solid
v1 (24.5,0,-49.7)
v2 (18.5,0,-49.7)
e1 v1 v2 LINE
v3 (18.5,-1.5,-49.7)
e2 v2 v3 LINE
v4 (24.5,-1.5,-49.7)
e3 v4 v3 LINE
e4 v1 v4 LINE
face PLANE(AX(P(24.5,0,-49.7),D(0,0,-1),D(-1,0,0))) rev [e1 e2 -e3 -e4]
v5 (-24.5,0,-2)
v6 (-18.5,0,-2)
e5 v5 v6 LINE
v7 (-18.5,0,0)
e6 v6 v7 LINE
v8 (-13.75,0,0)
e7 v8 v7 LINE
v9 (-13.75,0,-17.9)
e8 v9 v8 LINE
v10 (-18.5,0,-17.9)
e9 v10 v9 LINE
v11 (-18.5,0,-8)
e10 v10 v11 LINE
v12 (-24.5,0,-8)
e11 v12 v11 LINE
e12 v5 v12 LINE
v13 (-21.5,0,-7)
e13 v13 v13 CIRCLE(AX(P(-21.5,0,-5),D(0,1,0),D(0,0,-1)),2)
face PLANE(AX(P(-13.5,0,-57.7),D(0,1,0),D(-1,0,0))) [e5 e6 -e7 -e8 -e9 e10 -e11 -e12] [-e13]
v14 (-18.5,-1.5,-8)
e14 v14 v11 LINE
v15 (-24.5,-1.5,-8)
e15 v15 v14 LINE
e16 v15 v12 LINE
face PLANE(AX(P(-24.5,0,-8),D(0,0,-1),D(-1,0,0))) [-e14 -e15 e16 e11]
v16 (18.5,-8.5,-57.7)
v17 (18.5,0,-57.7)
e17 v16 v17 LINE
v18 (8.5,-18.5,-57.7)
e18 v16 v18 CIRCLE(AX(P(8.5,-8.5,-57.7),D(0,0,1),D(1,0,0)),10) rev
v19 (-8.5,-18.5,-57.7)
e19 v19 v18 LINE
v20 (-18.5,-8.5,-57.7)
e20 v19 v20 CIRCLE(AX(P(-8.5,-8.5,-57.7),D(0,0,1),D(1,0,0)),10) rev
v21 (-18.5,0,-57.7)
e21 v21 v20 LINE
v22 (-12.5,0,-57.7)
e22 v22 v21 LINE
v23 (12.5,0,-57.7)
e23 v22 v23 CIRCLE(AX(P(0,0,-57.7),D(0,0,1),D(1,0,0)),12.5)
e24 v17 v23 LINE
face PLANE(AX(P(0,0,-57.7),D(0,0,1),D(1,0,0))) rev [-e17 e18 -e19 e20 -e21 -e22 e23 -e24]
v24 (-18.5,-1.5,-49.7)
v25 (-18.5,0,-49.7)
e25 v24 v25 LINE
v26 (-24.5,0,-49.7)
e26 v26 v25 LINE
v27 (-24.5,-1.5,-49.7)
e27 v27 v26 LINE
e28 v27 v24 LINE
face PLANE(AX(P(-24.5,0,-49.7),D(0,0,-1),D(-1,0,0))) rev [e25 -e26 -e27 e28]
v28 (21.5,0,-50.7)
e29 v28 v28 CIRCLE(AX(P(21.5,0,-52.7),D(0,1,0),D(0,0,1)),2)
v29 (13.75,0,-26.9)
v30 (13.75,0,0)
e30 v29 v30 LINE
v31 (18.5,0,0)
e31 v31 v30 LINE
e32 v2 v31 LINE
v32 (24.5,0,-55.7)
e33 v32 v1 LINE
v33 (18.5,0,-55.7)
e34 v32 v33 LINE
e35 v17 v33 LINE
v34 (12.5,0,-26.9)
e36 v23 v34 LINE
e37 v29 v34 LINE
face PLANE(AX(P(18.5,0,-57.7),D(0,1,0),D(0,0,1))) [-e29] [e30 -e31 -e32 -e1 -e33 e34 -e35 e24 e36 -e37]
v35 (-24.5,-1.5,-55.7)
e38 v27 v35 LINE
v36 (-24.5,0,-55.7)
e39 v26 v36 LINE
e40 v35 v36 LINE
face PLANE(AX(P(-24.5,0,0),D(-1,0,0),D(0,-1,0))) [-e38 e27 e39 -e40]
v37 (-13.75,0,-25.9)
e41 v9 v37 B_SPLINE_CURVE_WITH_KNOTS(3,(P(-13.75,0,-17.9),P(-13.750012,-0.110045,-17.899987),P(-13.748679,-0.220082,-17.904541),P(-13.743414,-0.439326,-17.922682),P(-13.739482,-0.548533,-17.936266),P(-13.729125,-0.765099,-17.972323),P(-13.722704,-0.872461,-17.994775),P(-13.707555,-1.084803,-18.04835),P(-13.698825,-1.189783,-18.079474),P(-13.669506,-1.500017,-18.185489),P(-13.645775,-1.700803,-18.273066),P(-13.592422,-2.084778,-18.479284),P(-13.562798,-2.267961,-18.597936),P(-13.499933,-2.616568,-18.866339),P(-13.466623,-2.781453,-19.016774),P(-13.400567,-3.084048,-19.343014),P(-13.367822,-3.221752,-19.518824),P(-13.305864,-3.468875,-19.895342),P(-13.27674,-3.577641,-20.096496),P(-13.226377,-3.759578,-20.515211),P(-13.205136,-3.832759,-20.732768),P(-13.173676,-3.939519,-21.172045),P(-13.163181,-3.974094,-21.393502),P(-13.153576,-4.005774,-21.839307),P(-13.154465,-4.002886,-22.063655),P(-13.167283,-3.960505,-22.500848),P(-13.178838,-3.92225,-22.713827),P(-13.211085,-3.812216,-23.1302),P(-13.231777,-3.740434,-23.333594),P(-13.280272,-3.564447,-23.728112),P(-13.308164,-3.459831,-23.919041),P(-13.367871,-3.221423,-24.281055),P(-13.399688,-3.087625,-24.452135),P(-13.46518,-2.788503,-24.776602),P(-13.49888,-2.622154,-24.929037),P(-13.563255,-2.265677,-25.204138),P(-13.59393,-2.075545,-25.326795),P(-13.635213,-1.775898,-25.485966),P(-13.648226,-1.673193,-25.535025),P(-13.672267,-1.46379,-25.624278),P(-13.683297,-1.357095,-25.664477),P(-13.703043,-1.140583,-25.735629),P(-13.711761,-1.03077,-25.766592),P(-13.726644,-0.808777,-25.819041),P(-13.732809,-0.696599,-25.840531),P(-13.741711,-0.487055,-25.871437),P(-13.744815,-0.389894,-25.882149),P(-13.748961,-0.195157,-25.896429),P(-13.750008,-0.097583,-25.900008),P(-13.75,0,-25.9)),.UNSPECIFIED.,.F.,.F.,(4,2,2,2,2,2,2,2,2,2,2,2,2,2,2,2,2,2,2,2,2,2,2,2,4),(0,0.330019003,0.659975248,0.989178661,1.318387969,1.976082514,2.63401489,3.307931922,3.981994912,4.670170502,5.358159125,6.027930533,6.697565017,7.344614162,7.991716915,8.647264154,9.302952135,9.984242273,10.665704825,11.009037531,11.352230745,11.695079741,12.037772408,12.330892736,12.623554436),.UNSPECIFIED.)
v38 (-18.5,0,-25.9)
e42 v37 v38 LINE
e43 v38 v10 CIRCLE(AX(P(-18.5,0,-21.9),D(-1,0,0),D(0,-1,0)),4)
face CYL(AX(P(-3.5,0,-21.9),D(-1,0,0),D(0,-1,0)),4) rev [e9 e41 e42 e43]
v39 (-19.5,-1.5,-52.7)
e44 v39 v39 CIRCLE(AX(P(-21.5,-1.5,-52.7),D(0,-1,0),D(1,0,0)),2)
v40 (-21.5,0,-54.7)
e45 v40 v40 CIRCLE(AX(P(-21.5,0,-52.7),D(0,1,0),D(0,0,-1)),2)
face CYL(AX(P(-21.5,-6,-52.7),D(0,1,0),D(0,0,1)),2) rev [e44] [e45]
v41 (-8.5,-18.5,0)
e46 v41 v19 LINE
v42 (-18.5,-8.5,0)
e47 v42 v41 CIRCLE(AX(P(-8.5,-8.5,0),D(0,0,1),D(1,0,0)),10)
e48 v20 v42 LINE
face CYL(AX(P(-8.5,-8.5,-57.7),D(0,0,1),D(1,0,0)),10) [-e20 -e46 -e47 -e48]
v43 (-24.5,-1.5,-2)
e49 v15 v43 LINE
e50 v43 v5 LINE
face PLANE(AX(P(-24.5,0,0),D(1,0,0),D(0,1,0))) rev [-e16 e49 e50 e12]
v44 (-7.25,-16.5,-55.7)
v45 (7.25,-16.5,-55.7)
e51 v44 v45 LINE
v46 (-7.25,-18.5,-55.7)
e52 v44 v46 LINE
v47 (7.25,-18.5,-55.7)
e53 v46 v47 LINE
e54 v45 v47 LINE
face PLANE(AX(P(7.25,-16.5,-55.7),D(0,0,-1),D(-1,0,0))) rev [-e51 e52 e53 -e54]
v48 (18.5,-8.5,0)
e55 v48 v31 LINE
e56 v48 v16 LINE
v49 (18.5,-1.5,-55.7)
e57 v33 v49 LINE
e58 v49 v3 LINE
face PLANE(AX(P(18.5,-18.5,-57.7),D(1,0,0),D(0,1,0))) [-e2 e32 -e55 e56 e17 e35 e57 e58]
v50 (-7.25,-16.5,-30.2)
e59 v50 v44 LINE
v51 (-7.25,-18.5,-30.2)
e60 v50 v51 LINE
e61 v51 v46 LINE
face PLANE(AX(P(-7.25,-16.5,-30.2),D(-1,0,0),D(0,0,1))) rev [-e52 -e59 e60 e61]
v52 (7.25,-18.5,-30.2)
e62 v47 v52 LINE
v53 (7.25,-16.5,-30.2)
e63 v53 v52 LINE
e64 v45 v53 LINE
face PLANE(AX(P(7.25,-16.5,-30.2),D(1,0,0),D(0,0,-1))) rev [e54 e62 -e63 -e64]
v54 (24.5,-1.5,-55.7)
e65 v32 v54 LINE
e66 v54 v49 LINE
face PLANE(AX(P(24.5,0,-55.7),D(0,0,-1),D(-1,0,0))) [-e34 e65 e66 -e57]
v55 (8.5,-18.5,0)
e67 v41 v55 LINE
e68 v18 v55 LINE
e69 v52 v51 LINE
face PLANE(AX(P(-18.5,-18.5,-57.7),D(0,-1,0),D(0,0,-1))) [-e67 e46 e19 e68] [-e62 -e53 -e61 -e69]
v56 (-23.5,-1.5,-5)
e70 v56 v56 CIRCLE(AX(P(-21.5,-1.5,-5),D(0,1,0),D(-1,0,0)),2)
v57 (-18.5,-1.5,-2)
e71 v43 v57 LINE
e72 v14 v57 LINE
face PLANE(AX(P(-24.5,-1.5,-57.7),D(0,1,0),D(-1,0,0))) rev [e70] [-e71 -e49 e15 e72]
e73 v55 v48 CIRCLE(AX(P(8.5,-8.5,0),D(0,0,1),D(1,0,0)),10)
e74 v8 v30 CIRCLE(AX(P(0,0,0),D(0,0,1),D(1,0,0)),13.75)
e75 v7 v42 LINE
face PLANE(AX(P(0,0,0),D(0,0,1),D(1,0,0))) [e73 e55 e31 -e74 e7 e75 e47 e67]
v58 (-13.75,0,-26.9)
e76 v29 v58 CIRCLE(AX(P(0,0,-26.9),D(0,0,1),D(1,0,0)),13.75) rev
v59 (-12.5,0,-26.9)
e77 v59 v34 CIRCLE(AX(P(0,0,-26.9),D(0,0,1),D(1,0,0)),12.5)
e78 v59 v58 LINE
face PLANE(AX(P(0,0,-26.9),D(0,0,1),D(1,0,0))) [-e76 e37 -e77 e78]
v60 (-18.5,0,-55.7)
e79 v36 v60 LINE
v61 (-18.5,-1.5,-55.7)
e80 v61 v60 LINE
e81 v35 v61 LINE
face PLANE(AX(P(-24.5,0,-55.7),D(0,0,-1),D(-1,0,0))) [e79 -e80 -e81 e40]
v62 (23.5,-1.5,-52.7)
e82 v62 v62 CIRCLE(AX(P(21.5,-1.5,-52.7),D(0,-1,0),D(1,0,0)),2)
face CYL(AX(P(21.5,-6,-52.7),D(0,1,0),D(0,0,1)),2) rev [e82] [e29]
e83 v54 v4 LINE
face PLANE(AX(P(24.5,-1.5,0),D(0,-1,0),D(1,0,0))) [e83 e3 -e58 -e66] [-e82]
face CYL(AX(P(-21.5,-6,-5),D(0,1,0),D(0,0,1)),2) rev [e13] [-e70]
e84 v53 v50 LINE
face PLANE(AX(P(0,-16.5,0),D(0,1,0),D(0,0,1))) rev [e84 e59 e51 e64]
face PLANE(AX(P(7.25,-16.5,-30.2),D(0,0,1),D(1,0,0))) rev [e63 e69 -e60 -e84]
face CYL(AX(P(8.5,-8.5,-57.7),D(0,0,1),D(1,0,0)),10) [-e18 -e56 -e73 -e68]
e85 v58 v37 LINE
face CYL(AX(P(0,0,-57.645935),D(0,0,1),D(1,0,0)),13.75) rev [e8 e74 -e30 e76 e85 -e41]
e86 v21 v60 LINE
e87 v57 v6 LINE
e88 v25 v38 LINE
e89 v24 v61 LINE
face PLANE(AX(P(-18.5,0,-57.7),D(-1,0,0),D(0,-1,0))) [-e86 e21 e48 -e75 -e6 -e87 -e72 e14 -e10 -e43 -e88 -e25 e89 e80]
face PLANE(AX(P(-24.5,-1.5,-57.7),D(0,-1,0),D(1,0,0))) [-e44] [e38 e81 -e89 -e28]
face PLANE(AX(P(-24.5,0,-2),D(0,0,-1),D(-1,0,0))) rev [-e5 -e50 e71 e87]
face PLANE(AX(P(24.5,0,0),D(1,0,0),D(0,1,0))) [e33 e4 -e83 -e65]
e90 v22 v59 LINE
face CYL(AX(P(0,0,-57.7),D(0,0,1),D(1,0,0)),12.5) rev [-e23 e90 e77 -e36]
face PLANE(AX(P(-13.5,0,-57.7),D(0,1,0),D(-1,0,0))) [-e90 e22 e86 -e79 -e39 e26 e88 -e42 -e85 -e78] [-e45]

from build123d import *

# Parameters (mm, degrees)
EXTRUDE_1_DEPTH     = 57.7
EXTRUDE_2_DEPTH     = 30.8
SKETCH_5_R          = 4
CUT_EXTRUDE_1_DEPTH = 15
FILLET_1_R          = 10
SKETCH_6_W          = 6
SKETCH_6_H          = 1.5
EXTRUDE_3_DEPTH     = 6
EXTRUDE_START       = -37
SKETCH_6_3_W        = 6
SKETCH_6_3_H        = 1.5
EXTRUDE_4_DEPTH     = 6
SKETCH_7_R          = 2
CUT_EXTRUDE_2_DEPTH = 6
SKETCH_8_W          = 14.5
SKETCH_8_H          = 25.5
CUT_EXTRUDE_3_DEPTH = 2
CUT_EXTRUDE_START   = -26.9
CUT_EXTRUDE_4_DEPTH = 26.9
CUT_EXTRUDE_5_DEPTH = 44.487239508
SKETCH_11_W         = 6
SKETCH_11_H         = 6
CUT_EXTRUDE_6_DEPTH = 10


with BuildPart() as part:
    # 스케치1 → 보스-돌출1 (new body)
    with BuildSketch(Plane.XY):
        with BuildLine():
            Line((-13.5, 0), (-18.5, 0))
            Line((-18.5, 0), (-18.5, -18.5))
            Line((-18.5, -18.5), (18.5, -18.5))
            Line((18.5, -18.5), (18.5, 0))
            Line((18.5, 0), (13.5, 0))
            ThreePointArc((13.5, 0), (0, -13.5), (-13.5, 0))
        make_face()
    extrude(amount=-EXTRUDE_1_DEPTH)

    # 스케치3 → 보스-돌출2 (add)
    with BuildSketch(Plane.XY.offset(-26.9)):
        with BuildLine():
            Line((-13.5, 0), (-11.5, 0))
            ThreePointArc((-11.5, 0), (0, -11.5), (11.5, 0))
            Line((11.5, 0), (13.5, 0))
            ThreePointArc((13.5, 0), (0, -13.5), (-13.5, 0))
        make_face()
    extrude(amount=-EXTRUDE_2_DEPTH)

    # 스케치5 → 컷-돌출1 (cut)
    with BuildSketch(Plane.ZY.offset(18.5)):
        with Locations((-21.9, 0)):
            Circle(SKETCH_5_R)
    extrude(amount=-CUT_EXTRUDE_1_DEPTH, mode=Mode.SUBTRACT)

    # 필렛1
    fillet_1_edges = [part.edges().sort_by_distance(p)[0] for p in [
        (18.5, -18.5, -28.85),
        (-18.5, -18.5, -28.85),
    ]]
    fillet(fillet_1_edges, radius=FILLET_1_R)

    # 스케치6 → 보스-돌출3 (add)
    with BuildSketch(Plane(origin=(18.5, 0, 0), x_dir=(0, 0, -1), z_dir=(1, 0, 0))):
        with Locations((52.7, -0.75)):
            Rectangle(SKETCH_6_W, SKETCH_6_H)
        with Locations((5, -0.75)):
            Rectangle(SKETCH_6_W, SKETCH_6_H)
    extrude(amount=EXTRUDE_3_DEPTH)

    # 스케치6<3> → 보스-돌출4 (add)
    with BuildSketch(Plane(origin=(18.5, 0, 0), x_dir=(0, 0, -1), z_dir=(1, 0, 0)).offset(EXTRUDE_START)):
        with Locations((52.7, -0.75)):
            Rectangle(SKETCH_6_3_W, SKETCH_6_3_H)
        with Locations((5, -0.75)):
            Rectangle(SKETCH_6_3_W, SKETCH_6_3_H)
    extrude(amount=-EXTRUDE_4_DEPTH)

    # 스케치7 → 컷-돌출2 (cut)
    with BuildSketch(Plane(origin=(0, 0, 0), x_dir=(1, 0, 0), z_dir=(0, 1, 0))):
        with Locations(Location((21.5, 5, 0), (0, 0, 270))):
            Circle(SKETCH_7_R)
        with Locations(Location((21.5, 52.7, 0), (0, 0, 270))):
            Circle(SKETCH_7_R)
        with Locations(Location((-21.5, 5, 0), (0, 0, 180))):
            Circle(SKETCH_7_R)
        with Locations((-21.5, 52.7)):
            Circle(SKETCH_7_R)
    extrude(amount=-CUT_EXTRUDE_2_DEPTH, mode=Mode.SUBTRACT)

    # 스케치8 → 컷-돌출3 (cut)
    with BuildSketch(Plane.XZ.offset(18.5)):
        with Locations((0, -42.95)):
            Rectangle(SKETCH_8_W, SKETCH_8_H)
    extrude(amount=-CUT_EXTRUDE_3_DEPTH, mode=Mode.SUBTRACT)

    # 스케치9 → 컷-돌출4 (cut)
    with BuildSketch(Plane.XY.offset(CUT_EXTRUDE_START)):
        with BuildLine():
            Line((-13.5, 0), (-13.75, 0))
            ThreePointArc((-13.75, 0), (0, -13.75), (13.75, 0))
            Line((13.75, 0), (13.5, 0))
            ThreePointArc((13.5, 0), (0, -13.5), (-13.5, 0))
        make_face()
    extrude(amount=CUT_EXTRUDE_4_DEPTH, mode=Mode.SUBTRACT)

    # 스케치10 → 컷-돌출5 (cut, through all)
    with BuildSketch(Plane.XY.offset(-26.9)):
        with BuildLine():
            ThreePointArc((11.5, 0), (0, -11.5), (-11.5, 0))
            Line((-11.5, 0), (-12.5, 0))
            ThreePointArc((-12.5, 0), (0, -12.5), (12.5, 0))
            Line((12.5, 0), (11.5, 0))
        make_face()
    extrude(amount=-CUT_EXTRUDE_5_DEPTH, mode=Mode.SUBTRACT)

    # 스케치11 → 컷-돌출6 (cut)
    with BuildSketch(Plane.XZ.offset(1.5)):
        with Locations((21.5, -5)):
            Rectangle(SKETCH_11_W, SKETCH_11_H)
    extrude(amount=-CUT_EXTRUDE_6_DEPTH, mode=Mode.SUBTRACT)


solid = part.part
